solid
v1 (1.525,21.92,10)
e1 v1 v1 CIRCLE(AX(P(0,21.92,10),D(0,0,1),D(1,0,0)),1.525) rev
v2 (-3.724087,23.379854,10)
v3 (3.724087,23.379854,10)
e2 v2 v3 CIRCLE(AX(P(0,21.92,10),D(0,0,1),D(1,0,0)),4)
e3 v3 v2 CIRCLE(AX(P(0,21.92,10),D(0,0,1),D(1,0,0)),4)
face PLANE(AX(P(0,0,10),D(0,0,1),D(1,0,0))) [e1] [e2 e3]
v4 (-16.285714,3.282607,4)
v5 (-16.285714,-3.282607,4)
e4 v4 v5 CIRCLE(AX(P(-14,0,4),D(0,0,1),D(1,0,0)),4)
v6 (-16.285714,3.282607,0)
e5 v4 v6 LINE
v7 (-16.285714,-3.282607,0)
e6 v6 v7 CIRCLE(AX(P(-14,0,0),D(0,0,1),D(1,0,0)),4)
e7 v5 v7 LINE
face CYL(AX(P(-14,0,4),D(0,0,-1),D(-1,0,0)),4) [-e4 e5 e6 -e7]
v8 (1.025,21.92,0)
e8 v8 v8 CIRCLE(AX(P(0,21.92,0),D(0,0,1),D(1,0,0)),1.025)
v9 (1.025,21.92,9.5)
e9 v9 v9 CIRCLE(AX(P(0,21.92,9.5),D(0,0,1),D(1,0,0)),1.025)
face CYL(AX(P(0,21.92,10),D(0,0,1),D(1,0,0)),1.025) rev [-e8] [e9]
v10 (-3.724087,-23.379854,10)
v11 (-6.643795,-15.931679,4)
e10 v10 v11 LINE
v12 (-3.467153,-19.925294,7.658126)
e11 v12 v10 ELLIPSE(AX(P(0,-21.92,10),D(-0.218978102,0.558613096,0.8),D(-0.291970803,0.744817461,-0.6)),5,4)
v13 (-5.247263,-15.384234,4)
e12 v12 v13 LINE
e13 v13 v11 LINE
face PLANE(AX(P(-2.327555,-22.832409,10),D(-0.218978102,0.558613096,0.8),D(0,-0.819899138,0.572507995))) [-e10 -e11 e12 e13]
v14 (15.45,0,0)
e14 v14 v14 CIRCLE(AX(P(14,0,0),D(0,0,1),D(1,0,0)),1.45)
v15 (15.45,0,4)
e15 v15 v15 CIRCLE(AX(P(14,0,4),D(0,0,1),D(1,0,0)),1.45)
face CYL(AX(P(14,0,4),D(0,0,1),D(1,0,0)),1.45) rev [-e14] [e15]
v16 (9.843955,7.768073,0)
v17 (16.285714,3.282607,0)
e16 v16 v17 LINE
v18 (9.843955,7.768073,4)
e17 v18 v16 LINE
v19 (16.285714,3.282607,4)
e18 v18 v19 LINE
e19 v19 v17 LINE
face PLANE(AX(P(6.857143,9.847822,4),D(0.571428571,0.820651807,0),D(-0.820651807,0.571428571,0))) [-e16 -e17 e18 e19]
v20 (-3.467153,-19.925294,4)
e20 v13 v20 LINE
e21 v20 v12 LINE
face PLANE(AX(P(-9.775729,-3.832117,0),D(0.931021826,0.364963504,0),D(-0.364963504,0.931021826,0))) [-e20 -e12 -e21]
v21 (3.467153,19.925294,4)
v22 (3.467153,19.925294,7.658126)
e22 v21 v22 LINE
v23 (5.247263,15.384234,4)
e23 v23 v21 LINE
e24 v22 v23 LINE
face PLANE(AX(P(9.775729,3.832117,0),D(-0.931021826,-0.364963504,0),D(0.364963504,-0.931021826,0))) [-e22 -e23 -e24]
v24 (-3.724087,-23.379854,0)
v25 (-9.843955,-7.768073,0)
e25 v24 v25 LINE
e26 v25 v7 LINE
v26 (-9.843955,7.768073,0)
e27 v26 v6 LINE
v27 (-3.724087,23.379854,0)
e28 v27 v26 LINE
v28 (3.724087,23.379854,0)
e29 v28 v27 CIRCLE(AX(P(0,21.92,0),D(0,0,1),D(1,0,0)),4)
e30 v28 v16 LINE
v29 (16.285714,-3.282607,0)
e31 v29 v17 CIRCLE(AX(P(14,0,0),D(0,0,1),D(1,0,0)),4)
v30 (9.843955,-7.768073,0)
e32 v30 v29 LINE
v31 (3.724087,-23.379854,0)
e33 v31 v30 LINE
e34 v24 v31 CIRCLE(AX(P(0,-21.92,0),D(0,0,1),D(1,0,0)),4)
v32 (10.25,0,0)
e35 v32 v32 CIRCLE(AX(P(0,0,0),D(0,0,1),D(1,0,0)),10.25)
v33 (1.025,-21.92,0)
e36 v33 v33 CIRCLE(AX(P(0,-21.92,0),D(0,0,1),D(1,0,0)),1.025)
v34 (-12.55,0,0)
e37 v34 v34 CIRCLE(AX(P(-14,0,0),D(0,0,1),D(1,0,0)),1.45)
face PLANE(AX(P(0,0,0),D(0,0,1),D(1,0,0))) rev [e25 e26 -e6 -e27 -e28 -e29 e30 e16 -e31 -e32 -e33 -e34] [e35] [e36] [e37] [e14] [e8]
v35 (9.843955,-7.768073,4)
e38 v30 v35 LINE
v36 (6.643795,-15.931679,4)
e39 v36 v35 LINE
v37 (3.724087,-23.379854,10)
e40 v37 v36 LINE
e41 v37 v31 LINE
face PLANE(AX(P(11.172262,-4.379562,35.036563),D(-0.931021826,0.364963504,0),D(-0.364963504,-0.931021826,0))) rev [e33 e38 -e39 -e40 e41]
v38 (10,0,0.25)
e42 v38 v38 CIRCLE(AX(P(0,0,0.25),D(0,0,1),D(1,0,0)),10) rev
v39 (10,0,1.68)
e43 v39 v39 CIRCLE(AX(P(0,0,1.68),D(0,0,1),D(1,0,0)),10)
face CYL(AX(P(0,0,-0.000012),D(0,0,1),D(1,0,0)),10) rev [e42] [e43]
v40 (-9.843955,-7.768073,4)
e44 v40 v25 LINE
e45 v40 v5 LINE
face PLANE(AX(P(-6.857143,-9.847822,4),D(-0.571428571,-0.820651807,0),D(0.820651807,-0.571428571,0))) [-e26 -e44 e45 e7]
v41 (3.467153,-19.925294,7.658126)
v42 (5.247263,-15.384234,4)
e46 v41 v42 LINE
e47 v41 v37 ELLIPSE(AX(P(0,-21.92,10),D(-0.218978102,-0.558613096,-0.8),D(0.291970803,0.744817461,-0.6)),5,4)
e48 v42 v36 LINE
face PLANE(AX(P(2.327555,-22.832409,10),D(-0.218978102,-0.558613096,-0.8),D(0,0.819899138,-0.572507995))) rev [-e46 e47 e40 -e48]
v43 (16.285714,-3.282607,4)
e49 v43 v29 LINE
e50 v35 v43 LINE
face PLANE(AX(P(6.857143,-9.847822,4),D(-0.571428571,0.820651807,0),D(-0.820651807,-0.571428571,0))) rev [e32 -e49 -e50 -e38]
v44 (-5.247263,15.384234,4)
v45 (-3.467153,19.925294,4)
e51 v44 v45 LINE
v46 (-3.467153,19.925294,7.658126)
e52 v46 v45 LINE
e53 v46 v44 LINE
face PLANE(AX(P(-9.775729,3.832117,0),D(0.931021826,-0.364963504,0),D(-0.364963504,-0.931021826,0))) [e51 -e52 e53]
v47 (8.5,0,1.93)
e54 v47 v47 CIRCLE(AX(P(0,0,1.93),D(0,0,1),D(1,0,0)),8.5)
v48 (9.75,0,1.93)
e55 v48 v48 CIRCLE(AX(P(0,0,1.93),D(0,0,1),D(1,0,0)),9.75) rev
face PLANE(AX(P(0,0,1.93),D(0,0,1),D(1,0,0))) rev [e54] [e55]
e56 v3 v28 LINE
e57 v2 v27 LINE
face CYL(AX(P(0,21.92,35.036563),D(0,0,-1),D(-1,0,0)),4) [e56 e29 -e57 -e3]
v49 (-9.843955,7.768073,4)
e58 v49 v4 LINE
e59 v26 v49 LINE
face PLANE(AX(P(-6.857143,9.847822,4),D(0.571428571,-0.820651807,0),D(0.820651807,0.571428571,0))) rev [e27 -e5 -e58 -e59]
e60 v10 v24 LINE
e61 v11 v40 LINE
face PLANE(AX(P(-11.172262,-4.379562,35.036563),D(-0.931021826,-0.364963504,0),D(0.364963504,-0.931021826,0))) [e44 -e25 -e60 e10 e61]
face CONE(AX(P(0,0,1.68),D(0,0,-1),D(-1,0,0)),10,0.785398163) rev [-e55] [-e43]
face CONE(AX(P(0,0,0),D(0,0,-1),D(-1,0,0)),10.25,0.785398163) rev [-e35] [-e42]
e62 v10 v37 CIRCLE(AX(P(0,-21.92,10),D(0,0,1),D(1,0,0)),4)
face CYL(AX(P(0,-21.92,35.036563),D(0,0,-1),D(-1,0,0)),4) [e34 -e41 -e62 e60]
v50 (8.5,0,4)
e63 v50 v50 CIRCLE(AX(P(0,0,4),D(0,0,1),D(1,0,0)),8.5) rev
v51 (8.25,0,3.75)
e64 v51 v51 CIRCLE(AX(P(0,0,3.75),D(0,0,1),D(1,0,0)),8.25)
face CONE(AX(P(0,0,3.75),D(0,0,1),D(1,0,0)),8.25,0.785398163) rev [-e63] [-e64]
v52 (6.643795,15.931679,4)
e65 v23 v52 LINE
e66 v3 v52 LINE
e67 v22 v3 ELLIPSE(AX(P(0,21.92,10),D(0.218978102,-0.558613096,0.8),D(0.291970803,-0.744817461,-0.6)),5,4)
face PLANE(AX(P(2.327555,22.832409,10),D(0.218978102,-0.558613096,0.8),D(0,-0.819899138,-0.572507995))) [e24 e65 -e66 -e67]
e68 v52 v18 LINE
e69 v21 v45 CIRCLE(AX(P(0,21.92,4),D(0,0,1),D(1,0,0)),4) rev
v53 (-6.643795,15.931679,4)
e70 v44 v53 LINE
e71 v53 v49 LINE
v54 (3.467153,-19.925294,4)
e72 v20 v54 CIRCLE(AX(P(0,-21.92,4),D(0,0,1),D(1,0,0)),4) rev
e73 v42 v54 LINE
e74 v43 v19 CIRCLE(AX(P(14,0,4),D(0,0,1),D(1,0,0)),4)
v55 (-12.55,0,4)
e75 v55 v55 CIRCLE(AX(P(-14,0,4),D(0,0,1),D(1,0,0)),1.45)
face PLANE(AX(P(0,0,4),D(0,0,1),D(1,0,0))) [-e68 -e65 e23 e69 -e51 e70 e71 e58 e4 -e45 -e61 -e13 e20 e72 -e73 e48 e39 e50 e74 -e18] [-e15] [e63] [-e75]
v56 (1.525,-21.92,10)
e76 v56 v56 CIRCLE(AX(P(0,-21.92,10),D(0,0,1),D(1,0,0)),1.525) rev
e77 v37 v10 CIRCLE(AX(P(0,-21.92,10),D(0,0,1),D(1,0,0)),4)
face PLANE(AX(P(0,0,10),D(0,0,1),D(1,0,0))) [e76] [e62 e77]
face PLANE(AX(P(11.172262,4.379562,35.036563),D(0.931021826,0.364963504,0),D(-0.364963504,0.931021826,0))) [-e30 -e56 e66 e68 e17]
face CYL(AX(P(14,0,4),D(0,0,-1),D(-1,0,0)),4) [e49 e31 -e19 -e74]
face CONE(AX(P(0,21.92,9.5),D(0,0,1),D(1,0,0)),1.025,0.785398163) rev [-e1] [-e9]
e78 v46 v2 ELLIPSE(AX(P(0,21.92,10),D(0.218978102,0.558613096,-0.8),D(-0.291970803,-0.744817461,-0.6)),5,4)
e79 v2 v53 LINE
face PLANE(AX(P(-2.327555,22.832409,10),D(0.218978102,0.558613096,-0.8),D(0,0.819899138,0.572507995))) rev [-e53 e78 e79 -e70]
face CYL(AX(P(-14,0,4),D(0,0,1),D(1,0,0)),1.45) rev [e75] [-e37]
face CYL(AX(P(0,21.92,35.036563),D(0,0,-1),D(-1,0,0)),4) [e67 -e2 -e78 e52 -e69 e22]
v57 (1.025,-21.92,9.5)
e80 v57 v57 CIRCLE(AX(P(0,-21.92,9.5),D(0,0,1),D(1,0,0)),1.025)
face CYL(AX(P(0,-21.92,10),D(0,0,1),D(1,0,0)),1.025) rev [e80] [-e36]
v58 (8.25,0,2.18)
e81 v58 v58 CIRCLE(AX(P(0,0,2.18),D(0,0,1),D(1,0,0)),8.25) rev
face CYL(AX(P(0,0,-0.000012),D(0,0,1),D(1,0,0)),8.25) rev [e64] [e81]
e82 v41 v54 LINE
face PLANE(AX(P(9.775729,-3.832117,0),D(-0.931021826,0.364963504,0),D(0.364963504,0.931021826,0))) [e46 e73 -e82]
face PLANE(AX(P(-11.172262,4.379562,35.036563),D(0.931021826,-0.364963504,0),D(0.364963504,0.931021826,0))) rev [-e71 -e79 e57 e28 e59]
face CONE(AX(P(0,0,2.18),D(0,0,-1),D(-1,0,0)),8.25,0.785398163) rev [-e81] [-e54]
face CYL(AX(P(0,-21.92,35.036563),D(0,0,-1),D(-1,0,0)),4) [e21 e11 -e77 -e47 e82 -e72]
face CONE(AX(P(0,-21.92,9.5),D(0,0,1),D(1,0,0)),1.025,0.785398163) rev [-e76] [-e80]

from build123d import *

# Parameters (mm, degrees)
BOSS_EXTRUDE1_DEPTH            = 4
CUT_EXTRUDE1_DEPTH             = 5
CUT_EXTRUDE1_DEPTH_BACK        = 1
SKETCH1_6_R                    = 10
CUT_EXTRUDE2_DEPTH             = 1.93
CUT_EXTRUDE2_DEPTH_BACK        = 1
M2_5_CLEARANCE_HOLE1_D         = 2.9
CHAMFER1_SIZE                  = 0.25
BOSS_EXTRUDE5_DEPTH            = 4
SKETCH4_5_R                    = 4
BOSS_EXTRUDE6_DEPTH            = 10
TAP_DRILL_FOR_M2_5X0_45_TAP2_D = 2.05
BOSS_EXTRUDE7_DEPTH            = 1.5
MIRROR4_COPY_1_DEPTH           = 1.5
CHAMFER3_SIZE                  = 0.5


with BuildPart() as part:
    # Sketch1 → Boss-Extrude1 (new body)
    with BuildSketch(Plane.XY):
        with BuildLine():
            ThreePointArc((16.285714286, -3.282607227), (18, 0), (16.285714286, 3.282607227))
            Line((16.285714286, 3.282607227), (6.857142857, 9.84782168))
            ThreePointArc((6.857142857, 9.84782168), (0, 12), (-6.857142857, 9.84782168))
            Line((-6.857142857, 9.84782168), (-16.285714286, 3.282607227))
            ThreePointArc((-16.285714286, 3.282607227), (-18, 0), (-16.285714286, -3.282607227))
            Line((-16.285714286, -3.282607227), (-6.857142857, -9.84782168))
            ThreePointArc((-6.857142857, -9.84782168), (0, -12), (6.857142857, -9.84782168))
            Line((6.857142857, -9.84782168), (16.285714286, -3.282607227))
        make_face()
    extrude(amount=BOSS_EXTRUDE1_DEPTH)

    # Sketch1_4 → Cut-Extrude1 (cut, two sides)
    with BuildSketch(Plane.XY) as cut_extrude1_sk:
        with BuildLine():
            ThreePointArc((-8.25, 0), (0, -8.25), (8.25, 0))
            Line((8.25, 0), (-8.25, 0))
        make_face()
        with BuildLine():
            Line((-8.25, 0), (8.25, 0))
            ThreePointArc((8.25, 0), (0, 8.25), (-8.25, 0))
        make_face()
    extrude(amount=CUT_EXTRUDE1_DEPTH, mode=Mode.SUBTRACT)
    extrude(cut_extrude1_sk.sketch, amount=-CUT_EXTRUDE1_DEPTH_BACK, mode=Mode.SUBTRACT)

    # Sketch1_6 → Cut-Extrude2 (cut, two sides)
    with BuildSketch(Plane.XY) as cut_extrude2_sk:
        Circle(SKETCH1_6_R)
    extrude(amount=CUT_EXTRUDE2_DEPTH, mode=Mode.SUBTRACT)
    extrude(cut_extrude2_sk.sketch, amount=-CUT_EXTRUDE2_DEPTH_BACK, mode=Mode.SUBTRACT)

    # M2.5 Clearance Hole1 (through all)
    with Locations(Plane.XY.offset(4)):
        with Locations((-14, 0), (14, 0)):
            Hole(M2_5_CLEARANCE_HOLE1_D / 2)

    # Chamfer1
    chamfer1_edges = [part.edges().sort_by_distance(p)[0] for p in [
        (-8.25, 0, 4),
        (-10, 0, 0),
        (-10, 0, 1.93),
        (-8.25, 0, 1.93),
    ]]
    chamfer(chamfer1_edges, length=CHAMFER1_SIZE)

    # Sketch4_4 → Boss-Extrude5 (add)
    with BuildSketch(Plane.XY):
        with BuildLine():
            Line((11.172261915, 4.379562044), (3.724087305, 23.379854015))
            ThreePointArc((3.724087305, 23.379854015), (0, 25.92), (-3.724087305, 23.379854015))
            Line((-3.724087305, 23.379854015), (-11.172261915, 4.379562044))
            ThreePointArc((-11.172261915, 4.379562044), (0, 12), (11.172261915, 4.379562044))
        make_face()
        with BuildLine():
            ThreePointArc((11.172261915, -4.379562044), (0, -12), (-11.172261915, -4.379562044))
            Line((-11.172261915, -4.379562044), (-3.724087305, -23.379854015))
            ThreePointArc((-3.724087305, -23.379854015), (0, -25.92), (3.724087305, -23.379854015))
            Line((3.724087305, -23.379854015), (11.172261915, -4.379562044))
        make_face()
    extrude(amount=BOSS_EXTRUDE5_DEPTH)

    # Sketch4_5 → Boss-Extrude6 (add)
    with BuildSketch(Plane.XY):
        with Locations((0, 21.92)):
            Circle(SKETCH4_5_R)
        with Locations((0, -21.92)):
            Circle(SKETCH4_5_R)
    extrude(amount=BOSS_EXTRUDE6_DEPTH)

    # Tap Drill for M2.5x0.45 Tap2 (through all)
    with Locations(Plane.XY.offset(10)):
        with Locations((0, 21.92), (0, -21.92)):
            Hole(TAP_DRILL_FOR_M2_5X0_45_TAP2_D / 2)

    # Sketch10 → Boss-Extrude7 (add)
    with BuildSketch(Plane(origin=(-11.172261915, -4.379562044, 0), x_dir=(0, 0, 1), z_dir=(-0.931021826, -0.364963504, 0))):
        Polygon((10, -20.407998432), (4, -12.407998432), (4, -20.407998432), align=None)
    boss_extrude7 = extrude(amount=-BOSS_EXTRUDE7_DEPTH)

    # Mirror3: Boss-Extrude7 across plane
    add(boss_extrude7.mirror(Plane(origin=(0, 0, 0), x_dir=(0, 0, 1), z_dir=(1, 0, 0))))

    # Mirror4: Boss-Extrude7 across plane
    add(boss_extrude7.mirror(Plane.ZX))

    # Mirror4 copy 1 sketch → Mirror4 copy 1 (add)
    with BuildSketch(Plane(origin=(11.172261915, 4.379562044, 0), x_dir=(0, 0, 1), z_dir=(0.931021826, 0.364963504, 0))):
        Polygon((10, -20.407998432), (4, -12.407998432), (4, -20.407998432), align=None)
    extrude(amount=-MIRROR4_COPY_1_DEPTH)

    # Chamfer3
    chamfer3_edges = [part.edges().sort_by_distance(p)[0] for p in [
        (1.025, -21.92, 10),
        (1.025, 21.92, 10),
    ]]
    chamfer(chamfer3_edges, length=CHAMFER3_SIZE)


solid = part.part
